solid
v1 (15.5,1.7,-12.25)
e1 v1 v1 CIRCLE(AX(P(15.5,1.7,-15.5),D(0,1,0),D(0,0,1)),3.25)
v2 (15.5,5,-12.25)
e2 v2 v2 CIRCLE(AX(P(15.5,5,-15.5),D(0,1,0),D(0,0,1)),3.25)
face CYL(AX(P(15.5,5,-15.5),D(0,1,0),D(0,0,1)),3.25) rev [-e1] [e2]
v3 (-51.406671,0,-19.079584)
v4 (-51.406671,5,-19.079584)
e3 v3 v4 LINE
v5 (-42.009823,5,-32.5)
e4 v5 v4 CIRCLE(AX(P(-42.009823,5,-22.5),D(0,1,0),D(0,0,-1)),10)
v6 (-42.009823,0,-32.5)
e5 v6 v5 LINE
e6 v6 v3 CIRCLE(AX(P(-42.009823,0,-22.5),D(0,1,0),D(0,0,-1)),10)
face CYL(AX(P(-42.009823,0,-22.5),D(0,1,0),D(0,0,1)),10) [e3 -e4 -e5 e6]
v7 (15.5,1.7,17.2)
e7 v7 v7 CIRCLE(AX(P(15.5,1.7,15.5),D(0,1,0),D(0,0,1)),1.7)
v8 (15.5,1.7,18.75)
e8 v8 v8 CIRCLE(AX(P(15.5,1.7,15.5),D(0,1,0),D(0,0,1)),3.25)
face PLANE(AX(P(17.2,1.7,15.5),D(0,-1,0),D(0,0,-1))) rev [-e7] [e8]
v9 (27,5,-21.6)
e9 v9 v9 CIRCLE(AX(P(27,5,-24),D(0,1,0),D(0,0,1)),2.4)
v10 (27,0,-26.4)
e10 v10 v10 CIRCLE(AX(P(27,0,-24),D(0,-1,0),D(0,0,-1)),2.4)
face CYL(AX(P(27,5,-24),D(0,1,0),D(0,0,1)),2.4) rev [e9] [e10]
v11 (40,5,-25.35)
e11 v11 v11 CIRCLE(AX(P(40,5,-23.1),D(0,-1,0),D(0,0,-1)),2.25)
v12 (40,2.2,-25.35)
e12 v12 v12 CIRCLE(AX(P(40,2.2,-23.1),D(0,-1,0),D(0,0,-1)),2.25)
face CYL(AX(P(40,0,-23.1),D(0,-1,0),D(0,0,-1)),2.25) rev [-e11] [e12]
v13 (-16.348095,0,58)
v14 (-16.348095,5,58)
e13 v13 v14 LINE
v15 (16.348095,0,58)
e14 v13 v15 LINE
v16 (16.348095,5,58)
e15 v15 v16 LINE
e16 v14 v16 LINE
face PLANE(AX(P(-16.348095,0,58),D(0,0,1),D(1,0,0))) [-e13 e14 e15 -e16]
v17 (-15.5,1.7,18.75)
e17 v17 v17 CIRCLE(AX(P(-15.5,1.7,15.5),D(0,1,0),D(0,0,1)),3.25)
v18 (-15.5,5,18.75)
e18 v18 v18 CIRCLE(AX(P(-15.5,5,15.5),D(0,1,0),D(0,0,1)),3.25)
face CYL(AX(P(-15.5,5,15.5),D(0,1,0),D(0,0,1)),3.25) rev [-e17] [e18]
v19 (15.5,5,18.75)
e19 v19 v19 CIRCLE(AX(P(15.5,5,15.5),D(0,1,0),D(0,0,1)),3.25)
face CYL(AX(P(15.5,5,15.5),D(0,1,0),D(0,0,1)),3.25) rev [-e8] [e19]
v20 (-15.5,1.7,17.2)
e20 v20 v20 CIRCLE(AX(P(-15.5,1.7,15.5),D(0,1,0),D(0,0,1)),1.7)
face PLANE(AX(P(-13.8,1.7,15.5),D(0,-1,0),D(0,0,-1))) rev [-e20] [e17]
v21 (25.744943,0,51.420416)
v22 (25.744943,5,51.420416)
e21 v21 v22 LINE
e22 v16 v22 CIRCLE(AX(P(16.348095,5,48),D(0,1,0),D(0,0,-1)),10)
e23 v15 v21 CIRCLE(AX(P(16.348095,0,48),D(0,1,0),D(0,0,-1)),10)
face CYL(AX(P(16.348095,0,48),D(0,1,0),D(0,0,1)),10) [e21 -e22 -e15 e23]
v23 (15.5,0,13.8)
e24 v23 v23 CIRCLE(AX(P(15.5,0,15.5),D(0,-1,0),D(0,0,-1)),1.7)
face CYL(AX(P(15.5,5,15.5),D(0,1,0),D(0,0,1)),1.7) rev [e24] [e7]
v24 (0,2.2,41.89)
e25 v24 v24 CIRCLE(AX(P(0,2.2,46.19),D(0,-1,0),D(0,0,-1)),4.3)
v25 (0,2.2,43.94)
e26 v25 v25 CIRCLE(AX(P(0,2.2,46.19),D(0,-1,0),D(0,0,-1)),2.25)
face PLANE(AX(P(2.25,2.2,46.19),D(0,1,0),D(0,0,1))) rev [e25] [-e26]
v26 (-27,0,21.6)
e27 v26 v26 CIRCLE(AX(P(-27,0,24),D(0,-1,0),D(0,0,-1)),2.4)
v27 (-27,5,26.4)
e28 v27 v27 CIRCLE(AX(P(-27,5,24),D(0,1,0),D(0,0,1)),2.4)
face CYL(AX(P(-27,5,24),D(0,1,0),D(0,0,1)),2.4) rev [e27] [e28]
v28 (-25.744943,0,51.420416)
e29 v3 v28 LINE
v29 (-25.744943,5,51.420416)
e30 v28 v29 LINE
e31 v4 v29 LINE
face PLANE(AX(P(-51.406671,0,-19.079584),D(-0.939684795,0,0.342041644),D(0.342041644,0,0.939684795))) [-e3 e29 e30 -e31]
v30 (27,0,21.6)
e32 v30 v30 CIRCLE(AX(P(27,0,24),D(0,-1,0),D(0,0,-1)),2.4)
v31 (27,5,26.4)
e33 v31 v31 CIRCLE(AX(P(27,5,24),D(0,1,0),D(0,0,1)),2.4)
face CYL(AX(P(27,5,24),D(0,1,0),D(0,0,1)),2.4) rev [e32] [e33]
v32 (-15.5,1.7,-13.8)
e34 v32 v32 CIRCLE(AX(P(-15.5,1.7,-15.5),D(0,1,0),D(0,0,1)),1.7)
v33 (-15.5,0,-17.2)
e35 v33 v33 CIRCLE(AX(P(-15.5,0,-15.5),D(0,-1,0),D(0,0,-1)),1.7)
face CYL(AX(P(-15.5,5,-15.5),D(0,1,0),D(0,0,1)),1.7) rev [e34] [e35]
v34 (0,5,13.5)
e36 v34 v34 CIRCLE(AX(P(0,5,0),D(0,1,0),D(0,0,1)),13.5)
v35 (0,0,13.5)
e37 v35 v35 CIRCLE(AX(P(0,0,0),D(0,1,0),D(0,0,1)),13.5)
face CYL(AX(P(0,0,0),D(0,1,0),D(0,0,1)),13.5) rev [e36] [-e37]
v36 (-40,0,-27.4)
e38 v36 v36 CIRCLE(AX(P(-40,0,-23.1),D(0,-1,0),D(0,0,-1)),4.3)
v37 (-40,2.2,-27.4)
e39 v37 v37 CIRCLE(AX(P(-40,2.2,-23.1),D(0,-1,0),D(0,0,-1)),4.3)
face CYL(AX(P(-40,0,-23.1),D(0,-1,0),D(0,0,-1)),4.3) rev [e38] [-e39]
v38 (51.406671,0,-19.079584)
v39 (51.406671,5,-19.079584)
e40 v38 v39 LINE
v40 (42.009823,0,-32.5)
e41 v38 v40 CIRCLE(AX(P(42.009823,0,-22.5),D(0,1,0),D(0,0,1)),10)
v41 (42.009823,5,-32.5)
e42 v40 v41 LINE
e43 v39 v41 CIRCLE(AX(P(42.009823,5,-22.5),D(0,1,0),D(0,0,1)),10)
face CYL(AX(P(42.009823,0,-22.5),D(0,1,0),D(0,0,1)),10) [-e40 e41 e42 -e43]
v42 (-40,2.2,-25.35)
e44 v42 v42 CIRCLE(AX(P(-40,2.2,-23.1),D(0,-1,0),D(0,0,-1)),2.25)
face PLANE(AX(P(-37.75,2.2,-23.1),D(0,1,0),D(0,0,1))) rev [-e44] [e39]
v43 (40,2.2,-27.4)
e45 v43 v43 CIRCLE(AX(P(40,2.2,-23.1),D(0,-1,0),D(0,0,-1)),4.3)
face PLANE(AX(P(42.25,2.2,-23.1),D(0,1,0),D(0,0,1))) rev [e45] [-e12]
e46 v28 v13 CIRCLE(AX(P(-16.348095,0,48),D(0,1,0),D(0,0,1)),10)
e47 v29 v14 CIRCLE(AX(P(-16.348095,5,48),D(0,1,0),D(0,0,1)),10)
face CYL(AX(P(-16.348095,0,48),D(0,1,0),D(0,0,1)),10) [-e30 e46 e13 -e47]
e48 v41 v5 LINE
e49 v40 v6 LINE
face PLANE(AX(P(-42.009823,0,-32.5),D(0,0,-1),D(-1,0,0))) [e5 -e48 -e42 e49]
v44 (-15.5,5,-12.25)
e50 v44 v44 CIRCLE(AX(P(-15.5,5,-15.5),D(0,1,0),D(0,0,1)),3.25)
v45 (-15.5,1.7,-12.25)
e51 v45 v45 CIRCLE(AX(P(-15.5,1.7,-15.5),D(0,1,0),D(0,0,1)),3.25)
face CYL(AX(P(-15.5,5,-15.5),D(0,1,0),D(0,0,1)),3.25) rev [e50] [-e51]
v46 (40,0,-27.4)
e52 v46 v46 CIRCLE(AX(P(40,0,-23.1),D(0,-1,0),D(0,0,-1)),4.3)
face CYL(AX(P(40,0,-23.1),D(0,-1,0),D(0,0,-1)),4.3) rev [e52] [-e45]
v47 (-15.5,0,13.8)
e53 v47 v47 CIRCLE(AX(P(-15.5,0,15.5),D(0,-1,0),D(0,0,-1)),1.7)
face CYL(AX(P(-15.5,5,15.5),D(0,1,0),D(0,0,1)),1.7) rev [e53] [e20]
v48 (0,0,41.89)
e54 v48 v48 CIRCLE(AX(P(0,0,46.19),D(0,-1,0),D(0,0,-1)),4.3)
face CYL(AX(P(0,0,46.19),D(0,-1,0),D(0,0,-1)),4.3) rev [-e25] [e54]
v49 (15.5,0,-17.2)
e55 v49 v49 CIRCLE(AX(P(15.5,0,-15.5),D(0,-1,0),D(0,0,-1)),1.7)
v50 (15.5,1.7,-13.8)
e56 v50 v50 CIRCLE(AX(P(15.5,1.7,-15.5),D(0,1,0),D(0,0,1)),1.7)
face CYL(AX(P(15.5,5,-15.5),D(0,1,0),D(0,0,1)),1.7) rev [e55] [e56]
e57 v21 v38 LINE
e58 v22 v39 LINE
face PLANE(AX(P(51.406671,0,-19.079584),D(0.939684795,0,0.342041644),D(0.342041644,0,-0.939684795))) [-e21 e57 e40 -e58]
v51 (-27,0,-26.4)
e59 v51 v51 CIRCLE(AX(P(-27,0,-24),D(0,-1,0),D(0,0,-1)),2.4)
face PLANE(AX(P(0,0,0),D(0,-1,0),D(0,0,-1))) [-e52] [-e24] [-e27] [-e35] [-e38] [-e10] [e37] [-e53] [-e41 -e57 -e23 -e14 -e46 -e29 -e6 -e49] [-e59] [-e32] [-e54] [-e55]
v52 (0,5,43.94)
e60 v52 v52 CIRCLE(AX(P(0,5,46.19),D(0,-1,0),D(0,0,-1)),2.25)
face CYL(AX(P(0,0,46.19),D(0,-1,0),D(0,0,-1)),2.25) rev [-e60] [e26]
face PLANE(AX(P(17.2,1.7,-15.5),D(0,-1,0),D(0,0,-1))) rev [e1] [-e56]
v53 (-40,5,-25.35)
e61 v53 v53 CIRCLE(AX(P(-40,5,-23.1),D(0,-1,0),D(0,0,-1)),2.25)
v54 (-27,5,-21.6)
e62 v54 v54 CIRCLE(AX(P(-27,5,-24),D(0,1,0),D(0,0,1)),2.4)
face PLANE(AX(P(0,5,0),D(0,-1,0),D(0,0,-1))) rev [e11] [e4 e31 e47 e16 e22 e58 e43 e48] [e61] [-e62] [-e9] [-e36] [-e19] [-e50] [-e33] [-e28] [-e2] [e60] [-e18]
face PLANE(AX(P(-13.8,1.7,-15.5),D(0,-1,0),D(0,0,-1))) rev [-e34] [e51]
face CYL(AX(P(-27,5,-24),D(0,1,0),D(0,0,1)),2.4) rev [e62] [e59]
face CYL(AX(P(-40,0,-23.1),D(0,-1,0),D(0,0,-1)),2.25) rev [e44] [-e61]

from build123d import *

# Parameters (mm, degrees)
SKETCH2_W                                        = 130
SKETCH2_H                                        = 130
BOSS_EXTRUDE1_DEPTH                              = 5
SKETCH3_R                                        = 13.5
CUT_EXTRUDE1_DEPTH                               = 5
SKETCH8_W                                        = 130
SKETCH8_H                                        = 130
CUT_EXTRUDE6_DEPTH                               = 6
M4_CLEARANCE_HOLE1_D                             = 4.8
M4_CLEARANCE_HOLE1_DEPTH                         = 5
CBORE_FOR_M3_HEX_HEAD_MACHINE_SCREW1_D           = 3.4
CBORE_FOR_M3_HEX_HEAD_MACHINE_SCREW1_DEPTH       = 5
CBORE_FOR_M3_HEX_HEAD_MACHINE_SCREW1_CBORE_D     = 6.5
CBORE_FOR_M3_HEX_HEAD_MACHINE_SCREW1_CBORE_DEPTH = 3.3
CBORE_FOR_M4_SBHCS1_D                            = 4.5
CBORE_FOR_M4_SBHCS1_DEPTH                        = 5
CBORE_FOR_M4_SBHCS1_CBORE_D                      = 8.6
CBORE_FOR_M4_SBHCS1_CBORE_DEPTH                  = 2.2


with BuildPart() as part:
    # Sketch2 → Boss-Extrude1 (new body)
    with BuildSketch(Plane(origin=(0, 0, 0), x_dir=(1, 0, 0), z_dir=(0, 1, 0))):
        Rectangle(SKETCH2_W, SKETCH2_H)
    extrude(amount=BOSS_EXTRUDE1_DEPTH)

    # Sketch3 → Cut-Extrude1 (cut)
    with BuildSketch(Plane(origin=(0, 5, 0), x_dir=(1, 0, 0), z_dir=(0, 1, 0))):
        Circle(SKETCH3_R)
    extrude(amount=-CUT_EXTRUDE1_DEPTH, mode=Mode.SUBTRACT)

    # Sketch8 → Cut-Extrude6 (cut, through all)
    with BuildSketch(Plane(origin=(0, 5, 0), x_dir=(1, 0, 0), z_dir=(0, 1, 0))):
        Rectangle(SKETCH8_W, SKETCH8_H)
        with BuildLine():
            Line((-42.00982343, 32.5), (42.00982343, 32.5))
            ThreePointArc((42.00982343, 32.5), (50.201409492, 28.235670649), (51.406671379, 19.079583559))
            Line((51.406671379, 19.079583559), (25.74494306, -51.420416441))
            ThreePointArc((25.74494306, -51.420416441), (22.083765761, -56.191586062), (16.348095112, -58))
            Line((16.348095112, -58), (-16.348095112, -58))
            ThreePointArc((-16.348095112, -58), (-22.083765761, -56.191586062), (-25.74494306, -51.420416441))
            Line((-25.74494306, -51.420416441), (-51.406671379, 19.079583559))
            ThreePointArc((-51.406671379, 19.079583559), (-50.201409492, 28.235670649), (-42.00982343, 32.5))
        make_face(mode=Mode.SUBTRACT)
    extrude(amount=-CUT_EXTRUDE6_DEPTH, mode=Mode.SUBTRACT)

    # M4 Clearance Hole1
    with Locations(Plane(origin=(0, 5, 0), x_dir=(1, 0, 0), z_dir=(0, 1, 0))):
        with Locations((-27, 24), (27, 24), (27, -24), (-27, -24)):
            Hole(M4_CLEARANCE_HOLE1_D / 2, depth=M4_CLEARANCE_HOLE1_DEPTH)

    # CBORE for M3 Hex Head Machine Screw1
    with Locations(Plane(origin=(0, 5, 0), x_dir=(1, 0, 0), z_dir=(0, 1, 0))):
        with Locations((-15.5, 15.5), (15.5, 15.5), (15.5, -15.5), (-15.5, -15.5)):
            CounterBoreHole(CBORE_FOR_M3_HEX_HEAD_MACHINE_SCREW1_D / 2, CBORE_FOR_M3_HEX_HEAD_MACHINE_SCREW1_CBORE_D / 2, CBORE_FOR_M3_HEX_HEAD_MACHINE_SCREW1_CBORE_DEPTH, depth=CBORE_FOR_M3_HEX_HEAD_MACHINE_SCREW1_DEPTH)

    # CBORE for M4 SBHCS1
    with Locations(Plane(origin=(0, 0, 0), x_dir=(-1, 0, 0), z_dir=(0, -1, 0))):
        with Locations((0, -46.19), (40, 23.1), (-40, 23.1)):
            CounterBoreHole(CBORE_FOR_M4_SBHCS1_D / 2, CBORE_FOR_M4_SBHCS1_CBORE_D / 2, CBORE_FOR_M4_SBHCS1_CBORE_DEPTH, depth=CBORE_FOR_M4_SBHCS1_DEPTH)


solid = part.part
